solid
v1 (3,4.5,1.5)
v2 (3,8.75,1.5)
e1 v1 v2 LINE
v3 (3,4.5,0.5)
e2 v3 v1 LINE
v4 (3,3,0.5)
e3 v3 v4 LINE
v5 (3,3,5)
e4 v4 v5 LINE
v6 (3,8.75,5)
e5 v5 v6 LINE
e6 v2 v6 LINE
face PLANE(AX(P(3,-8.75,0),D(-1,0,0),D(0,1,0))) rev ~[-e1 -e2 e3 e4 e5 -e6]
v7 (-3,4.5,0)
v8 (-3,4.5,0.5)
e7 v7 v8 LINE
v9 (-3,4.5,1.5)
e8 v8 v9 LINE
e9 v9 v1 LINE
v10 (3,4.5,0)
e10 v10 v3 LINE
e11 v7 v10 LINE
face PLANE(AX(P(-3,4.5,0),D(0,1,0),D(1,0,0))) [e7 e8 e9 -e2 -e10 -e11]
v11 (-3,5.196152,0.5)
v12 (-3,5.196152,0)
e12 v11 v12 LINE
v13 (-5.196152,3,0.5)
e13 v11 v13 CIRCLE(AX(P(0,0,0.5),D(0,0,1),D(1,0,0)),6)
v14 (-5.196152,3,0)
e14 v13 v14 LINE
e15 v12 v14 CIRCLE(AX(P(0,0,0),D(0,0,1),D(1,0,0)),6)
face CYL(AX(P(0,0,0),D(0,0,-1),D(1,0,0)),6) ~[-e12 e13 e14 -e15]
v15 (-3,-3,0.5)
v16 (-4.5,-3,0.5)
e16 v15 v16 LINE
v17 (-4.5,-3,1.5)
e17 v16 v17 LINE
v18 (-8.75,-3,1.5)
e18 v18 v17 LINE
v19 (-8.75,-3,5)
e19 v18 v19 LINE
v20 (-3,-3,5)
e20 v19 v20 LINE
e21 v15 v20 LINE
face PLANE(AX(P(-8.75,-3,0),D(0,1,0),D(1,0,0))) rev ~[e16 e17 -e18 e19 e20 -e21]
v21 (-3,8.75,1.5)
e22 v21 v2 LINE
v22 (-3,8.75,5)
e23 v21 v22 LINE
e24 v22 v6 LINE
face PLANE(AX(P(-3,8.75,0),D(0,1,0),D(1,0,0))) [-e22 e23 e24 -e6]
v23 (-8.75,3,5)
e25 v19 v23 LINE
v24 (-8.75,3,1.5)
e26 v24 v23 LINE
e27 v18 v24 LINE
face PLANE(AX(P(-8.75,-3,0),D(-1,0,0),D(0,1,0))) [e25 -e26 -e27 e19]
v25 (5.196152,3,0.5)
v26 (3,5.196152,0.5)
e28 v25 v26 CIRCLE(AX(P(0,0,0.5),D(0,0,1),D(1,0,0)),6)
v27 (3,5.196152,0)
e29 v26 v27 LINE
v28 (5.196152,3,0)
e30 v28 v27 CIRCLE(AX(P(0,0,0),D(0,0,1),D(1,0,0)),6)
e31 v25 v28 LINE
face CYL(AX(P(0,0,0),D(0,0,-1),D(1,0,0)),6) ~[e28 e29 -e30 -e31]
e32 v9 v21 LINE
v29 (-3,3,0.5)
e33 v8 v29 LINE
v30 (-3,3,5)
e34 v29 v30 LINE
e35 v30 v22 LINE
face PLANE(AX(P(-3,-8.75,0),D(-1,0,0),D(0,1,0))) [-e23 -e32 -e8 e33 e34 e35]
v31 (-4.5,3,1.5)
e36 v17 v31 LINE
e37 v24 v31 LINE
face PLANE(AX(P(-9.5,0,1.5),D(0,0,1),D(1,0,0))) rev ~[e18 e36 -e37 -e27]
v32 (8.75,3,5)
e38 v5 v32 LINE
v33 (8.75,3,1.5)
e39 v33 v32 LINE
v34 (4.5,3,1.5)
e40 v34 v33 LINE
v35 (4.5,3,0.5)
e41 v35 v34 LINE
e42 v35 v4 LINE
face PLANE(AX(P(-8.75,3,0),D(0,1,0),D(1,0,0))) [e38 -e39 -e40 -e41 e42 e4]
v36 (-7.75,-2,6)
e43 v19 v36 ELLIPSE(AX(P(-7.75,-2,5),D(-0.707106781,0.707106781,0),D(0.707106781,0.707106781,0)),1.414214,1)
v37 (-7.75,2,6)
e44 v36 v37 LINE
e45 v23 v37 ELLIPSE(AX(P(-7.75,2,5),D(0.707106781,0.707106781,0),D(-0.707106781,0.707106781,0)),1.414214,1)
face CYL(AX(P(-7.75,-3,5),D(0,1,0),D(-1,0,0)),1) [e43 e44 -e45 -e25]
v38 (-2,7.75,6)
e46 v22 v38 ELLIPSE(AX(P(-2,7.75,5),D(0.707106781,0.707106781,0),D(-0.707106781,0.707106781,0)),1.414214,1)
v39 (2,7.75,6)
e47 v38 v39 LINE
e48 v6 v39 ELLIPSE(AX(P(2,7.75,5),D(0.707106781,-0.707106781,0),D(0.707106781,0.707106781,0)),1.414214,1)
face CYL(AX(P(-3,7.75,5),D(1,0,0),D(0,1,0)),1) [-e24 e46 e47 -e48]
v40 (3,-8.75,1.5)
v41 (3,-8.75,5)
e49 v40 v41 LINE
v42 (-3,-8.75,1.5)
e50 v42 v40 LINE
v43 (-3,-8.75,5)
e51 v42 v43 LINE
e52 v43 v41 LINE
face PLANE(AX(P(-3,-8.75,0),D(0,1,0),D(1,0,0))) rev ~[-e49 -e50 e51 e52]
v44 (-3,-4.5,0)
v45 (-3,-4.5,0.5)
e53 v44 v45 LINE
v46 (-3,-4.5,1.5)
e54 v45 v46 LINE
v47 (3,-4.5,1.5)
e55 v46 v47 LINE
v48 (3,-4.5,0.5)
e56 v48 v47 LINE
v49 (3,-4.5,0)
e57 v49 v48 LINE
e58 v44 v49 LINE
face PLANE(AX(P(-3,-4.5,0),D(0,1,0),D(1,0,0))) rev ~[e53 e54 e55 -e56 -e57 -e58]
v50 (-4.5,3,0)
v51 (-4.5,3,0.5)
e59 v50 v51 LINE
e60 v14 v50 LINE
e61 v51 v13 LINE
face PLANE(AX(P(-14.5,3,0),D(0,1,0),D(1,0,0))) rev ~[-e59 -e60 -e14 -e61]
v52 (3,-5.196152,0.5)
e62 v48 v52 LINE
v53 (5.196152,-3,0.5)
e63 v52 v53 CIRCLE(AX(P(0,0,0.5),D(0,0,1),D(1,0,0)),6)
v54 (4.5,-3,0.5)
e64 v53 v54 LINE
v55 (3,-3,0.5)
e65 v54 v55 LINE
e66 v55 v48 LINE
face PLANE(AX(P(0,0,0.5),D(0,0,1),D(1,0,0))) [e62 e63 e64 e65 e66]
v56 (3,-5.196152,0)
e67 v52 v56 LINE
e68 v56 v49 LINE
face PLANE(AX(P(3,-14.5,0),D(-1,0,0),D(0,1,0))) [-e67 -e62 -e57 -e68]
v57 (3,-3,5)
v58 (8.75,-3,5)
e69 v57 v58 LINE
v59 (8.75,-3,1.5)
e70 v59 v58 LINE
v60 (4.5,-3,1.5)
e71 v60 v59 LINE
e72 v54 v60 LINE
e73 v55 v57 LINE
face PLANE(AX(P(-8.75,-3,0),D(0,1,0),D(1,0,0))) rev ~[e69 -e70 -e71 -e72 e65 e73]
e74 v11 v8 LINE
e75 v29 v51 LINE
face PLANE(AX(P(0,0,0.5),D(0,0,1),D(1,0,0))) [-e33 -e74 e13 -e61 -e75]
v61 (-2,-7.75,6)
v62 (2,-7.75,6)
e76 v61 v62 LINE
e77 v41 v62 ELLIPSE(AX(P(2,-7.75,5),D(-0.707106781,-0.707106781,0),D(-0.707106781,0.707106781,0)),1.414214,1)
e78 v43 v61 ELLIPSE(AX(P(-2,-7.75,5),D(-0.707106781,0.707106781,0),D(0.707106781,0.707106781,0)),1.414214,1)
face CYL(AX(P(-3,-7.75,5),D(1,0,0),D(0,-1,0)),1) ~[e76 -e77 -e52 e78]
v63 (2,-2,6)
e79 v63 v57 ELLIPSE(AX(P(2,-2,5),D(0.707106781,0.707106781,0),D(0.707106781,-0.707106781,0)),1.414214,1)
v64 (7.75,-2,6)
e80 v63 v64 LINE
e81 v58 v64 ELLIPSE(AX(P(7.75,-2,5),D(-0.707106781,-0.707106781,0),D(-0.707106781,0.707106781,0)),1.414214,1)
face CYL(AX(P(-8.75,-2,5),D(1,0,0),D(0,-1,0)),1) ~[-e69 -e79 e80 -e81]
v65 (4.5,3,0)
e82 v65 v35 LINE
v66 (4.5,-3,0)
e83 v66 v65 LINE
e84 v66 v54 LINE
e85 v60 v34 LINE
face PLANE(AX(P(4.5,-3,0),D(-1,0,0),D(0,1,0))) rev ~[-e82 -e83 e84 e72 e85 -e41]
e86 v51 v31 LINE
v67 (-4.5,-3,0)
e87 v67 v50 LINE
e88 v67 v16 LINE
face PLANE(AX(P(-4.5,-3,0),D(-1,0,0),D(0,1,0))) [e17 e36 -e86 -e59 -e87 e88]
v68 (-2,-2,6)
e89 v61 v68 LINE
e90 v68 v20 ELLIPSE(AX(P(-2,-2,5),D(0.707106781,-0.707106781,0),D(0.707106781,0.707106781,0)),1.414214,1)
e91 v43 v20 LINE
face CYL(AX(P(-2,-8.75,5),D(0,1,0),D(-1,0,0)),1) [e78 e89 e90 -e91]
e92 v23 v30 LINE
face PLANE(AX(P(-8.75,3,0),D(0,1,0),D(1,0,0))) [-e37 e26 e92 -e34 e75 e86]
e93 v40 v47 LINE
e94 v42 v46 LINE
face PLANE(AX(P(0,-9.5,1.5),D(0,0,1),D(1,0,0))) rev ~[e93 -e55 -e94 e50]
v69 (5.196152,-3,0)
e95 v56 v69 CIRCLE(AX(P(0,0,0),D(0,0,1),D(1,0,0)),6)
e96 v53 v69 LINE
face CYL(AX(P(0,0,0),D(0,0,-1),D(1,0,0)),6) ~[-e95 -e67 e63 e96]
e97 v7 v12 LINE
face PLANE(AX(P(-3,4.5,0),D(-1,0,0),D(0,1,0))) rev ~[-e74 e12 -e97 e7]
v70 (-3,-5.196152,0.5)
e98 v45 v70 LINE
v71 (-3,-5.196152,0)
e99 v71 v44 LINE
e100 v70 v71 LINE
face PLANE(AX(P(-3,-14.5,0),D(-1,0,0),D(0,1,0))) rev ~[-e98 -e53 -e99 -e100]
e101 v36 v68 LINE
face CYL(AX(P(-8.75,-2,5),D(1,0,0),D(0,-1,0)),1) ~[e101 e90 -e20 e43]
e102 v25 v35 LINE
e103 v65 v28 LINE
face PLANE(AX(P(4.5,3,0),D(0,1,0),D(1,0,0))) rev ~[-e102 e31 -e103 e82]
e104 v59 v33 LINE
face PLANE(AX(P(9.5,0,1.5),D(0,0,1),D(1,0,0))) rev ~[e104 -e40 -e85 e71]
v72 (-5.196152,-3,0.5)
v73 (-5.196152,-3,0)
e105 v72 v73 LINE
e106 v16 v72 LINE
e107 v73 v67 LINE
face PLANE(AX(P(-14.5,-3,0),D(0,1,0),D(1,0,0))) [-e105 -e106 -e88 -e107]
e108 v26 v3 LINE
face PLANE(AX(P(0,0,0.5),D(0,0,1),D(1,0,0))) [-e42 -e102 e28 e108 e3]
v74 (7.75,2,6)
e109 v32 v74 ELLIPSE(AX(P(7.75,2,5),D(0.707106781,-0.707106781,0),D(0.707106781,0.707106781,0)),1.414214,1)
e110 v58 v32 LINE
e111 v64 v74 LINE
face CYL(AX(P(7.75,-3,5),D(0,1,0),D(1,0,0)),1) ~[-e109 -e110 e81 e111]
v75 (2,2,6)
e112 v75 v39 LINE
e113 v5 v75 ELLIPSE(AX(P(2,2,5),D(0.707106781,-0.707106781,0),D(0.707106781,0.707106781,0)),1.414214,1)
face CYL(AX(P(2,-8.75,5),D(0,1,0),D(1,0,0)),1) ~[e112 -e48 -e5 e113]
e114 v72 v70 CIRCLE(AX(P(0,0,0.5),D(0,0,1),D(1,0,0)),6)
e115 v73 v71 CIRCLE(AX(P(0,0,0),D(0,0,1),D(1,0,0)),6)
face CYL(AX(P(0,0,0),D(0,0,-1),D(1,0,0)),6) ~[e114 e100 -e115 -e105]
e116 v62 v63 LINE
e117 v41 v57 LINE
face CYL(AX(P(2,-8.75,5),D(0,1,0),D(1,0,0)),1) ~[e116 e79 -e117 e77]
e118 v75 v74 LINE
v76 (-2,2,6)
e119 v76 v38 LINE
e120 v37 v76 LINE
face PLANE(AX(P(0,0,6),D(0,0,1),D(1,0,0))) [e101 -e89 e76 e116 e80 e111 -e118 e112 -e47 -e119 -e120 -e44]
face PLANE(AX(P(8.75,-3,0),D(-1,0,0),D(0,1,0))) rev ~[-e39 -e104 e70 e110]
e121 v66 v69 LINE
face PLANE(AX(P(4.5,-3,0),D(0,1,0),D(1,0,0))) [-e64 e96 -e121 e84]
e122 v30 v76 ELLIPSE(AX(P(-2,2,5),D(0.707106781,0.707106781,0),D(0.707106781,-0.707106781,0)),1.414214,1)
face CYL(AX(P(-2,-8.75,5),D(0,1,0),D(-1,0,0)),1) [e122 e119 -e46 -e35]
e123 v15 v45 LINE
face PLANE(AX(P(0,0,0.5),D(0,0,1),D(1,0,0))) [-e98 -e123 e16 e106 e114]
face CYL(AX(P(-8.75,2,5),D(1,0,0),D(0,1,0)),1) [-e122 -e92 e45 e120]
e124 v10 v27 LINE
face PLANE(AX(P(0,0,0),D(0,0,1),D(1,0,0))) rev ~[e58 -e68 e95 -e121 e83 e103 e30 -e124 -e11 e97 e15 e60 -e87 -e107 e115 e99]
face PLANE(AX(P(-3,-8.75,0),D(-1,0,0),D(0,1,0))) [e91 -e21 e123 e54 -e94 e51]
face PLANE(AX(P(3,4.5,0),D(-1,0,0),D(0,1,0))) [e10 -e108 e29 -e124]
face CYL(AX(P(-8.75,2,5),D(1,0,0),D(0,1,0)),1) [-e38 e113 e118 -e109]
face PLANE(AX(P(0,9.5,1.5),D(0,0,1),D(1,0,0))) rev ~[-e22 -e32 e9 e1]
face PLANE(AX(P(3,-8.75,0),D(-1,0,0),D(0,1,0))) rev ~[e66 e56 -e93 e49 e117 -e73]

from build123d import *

# Parameters (mm, degrees)
BOX008_W       = 10
BOX008_H       = 6
BOX008_DEPTH   = 1.5
BOX009_W       = 10
BOX009_H       = 6
BOX009_DEPTH   = 1.5
BOX010_W       = 6
BOX010_H       = 10
BOX010_DEPTH   = 1.5
BOX011_W       = 6
BOX011_H       = 10
BOX011_DEPTH   = 1.5
BOX007_W       = 6
BOX007_H       = 17.5
BOX007_DEPTH   = 6
FILLET_R       = 1
BOX006_W       = 17.5
BOX006_H       = 6
BOX006_DEPTH   = 6
FILLET001_R    = 1
CYLINDER_R     = 6
CYLINDER_DEPTH = 0.5


with BuildPart() as cube:
    # Box008 → Box008 (new body)
    with BuildSketch(Plane(origin=(4.5, -3, 0), x_dir=(1, 0, 0), z_dir=(0, 0, 1))):
        with Locations((5, 3)):
            Rectangle(BOX008_W, BOX008_H)
    extrude(amount=BOX008_DEPTH)


with BuildPart() as cube001:
    # Box009 → Box009 (new body)
    with BuildSketch(Plane(origin=(-14.5, -3, 0), x_dir=(1, 0, 0), z_dir=(0, 0, 1))):
        with Locations((5, 3)):
            Rectangle(BOX009_W, BOX009_H)
    extrude(amount=BOX009_DEPTH)


with BuildPart() as cube002:
    # Box010 → Box010 (new body)
    with BuildSketch(Plane(origin=(-3, 4.5, 0), x_dir=(1, 0, 0), z_dir=(0, 0, 1))):
        with Locations((3, 5)):
            Rectangle(BOX010_W, BOX010_H)
    extrude(amount=BOX010_DEPTH)


with BuildPart() as cube003:
    # Box011 → Box011 (new body)
    with BuildSketch(Plane(origin=(-3, -14.5, 0), x_dir=(1, 0, 0), z_dir=(0, 0, 1))):
        with Locations((3, 5)):
            Rectangle(BOX011_W, BOX011_H)
    extrude(amount=BOX011_DEPTH)


with BuildPart() as fillet_body:
    # Box007 → Box007 (new body)
    with BuildSketch(Plane(origin=(-3, -8.75, 0), x_dir=(1, 0, 0), z_dir=(0, 0, 1))):
        with Locations((3, 8.75)):
            Rectangle(BOX007_W, BOX007_H)
    extrude(amount=BOX007_DEPTH)

    # Fillet
    fillet_edges = [fillet_body.edges().sort_by_distance(p)[0] for p in [
        (-3, 0, 6),
        (3, 0, 6),
        (0, -8.75, 6),
        (0, 8.75, 6),
    ]]
    fillet(fillet_edges, radius=FILLET_R)


with BuildPart() as fusion:
    # Box006 → Box006 (new body)
    with BuildSketch(Plane(origin=(-8.75, -3, 0), x_dir=(1, 0, 0), z_dir=(0, 0, 1))):
        with Locations((8.75, 3)):
            Rectangle(BOX006_W, BOX006_H)
    extrude(amount=BOX006_DEPTH)

    # Fillet001
    fillet001_edges = [fusion.edges().sort_by_distance(p)[0] for p in [
        (-8.75, 0, 6),
        (8.75, 0, 6),
        (0, -3, 6),
        (0, 3, 6),
    ]]
    fillet(fillet001_edges, radius=FILLET001_R)

    # Fusion: union Fillet body
    add(fillet_body.part)


with BuildPart() as cut003:
    # Cylinder → Cylinder (new body)
    with BuildSketch(Plane.XY):
        Circle(CYLINDER_R)
    extrude(amount=CYLINDER_DEPTH)

    # Fusion001: union Fusion
    add(fusion.part)

    # Cut: cut Cube003
    add(cube003.part, mode=Mode.SUBTRACT)

    # Cut001: cut Cube002
    add(cube002.part, mode=Mode.SUBTRACT)

    # Cut002: cut Cube001
    add(cube001.part, mode=Mode.SUBTRACT)

    # Cut003: cut Cube
    add(cube.part, mode=Mode.SUBTRACT)


solid = cut003.part
